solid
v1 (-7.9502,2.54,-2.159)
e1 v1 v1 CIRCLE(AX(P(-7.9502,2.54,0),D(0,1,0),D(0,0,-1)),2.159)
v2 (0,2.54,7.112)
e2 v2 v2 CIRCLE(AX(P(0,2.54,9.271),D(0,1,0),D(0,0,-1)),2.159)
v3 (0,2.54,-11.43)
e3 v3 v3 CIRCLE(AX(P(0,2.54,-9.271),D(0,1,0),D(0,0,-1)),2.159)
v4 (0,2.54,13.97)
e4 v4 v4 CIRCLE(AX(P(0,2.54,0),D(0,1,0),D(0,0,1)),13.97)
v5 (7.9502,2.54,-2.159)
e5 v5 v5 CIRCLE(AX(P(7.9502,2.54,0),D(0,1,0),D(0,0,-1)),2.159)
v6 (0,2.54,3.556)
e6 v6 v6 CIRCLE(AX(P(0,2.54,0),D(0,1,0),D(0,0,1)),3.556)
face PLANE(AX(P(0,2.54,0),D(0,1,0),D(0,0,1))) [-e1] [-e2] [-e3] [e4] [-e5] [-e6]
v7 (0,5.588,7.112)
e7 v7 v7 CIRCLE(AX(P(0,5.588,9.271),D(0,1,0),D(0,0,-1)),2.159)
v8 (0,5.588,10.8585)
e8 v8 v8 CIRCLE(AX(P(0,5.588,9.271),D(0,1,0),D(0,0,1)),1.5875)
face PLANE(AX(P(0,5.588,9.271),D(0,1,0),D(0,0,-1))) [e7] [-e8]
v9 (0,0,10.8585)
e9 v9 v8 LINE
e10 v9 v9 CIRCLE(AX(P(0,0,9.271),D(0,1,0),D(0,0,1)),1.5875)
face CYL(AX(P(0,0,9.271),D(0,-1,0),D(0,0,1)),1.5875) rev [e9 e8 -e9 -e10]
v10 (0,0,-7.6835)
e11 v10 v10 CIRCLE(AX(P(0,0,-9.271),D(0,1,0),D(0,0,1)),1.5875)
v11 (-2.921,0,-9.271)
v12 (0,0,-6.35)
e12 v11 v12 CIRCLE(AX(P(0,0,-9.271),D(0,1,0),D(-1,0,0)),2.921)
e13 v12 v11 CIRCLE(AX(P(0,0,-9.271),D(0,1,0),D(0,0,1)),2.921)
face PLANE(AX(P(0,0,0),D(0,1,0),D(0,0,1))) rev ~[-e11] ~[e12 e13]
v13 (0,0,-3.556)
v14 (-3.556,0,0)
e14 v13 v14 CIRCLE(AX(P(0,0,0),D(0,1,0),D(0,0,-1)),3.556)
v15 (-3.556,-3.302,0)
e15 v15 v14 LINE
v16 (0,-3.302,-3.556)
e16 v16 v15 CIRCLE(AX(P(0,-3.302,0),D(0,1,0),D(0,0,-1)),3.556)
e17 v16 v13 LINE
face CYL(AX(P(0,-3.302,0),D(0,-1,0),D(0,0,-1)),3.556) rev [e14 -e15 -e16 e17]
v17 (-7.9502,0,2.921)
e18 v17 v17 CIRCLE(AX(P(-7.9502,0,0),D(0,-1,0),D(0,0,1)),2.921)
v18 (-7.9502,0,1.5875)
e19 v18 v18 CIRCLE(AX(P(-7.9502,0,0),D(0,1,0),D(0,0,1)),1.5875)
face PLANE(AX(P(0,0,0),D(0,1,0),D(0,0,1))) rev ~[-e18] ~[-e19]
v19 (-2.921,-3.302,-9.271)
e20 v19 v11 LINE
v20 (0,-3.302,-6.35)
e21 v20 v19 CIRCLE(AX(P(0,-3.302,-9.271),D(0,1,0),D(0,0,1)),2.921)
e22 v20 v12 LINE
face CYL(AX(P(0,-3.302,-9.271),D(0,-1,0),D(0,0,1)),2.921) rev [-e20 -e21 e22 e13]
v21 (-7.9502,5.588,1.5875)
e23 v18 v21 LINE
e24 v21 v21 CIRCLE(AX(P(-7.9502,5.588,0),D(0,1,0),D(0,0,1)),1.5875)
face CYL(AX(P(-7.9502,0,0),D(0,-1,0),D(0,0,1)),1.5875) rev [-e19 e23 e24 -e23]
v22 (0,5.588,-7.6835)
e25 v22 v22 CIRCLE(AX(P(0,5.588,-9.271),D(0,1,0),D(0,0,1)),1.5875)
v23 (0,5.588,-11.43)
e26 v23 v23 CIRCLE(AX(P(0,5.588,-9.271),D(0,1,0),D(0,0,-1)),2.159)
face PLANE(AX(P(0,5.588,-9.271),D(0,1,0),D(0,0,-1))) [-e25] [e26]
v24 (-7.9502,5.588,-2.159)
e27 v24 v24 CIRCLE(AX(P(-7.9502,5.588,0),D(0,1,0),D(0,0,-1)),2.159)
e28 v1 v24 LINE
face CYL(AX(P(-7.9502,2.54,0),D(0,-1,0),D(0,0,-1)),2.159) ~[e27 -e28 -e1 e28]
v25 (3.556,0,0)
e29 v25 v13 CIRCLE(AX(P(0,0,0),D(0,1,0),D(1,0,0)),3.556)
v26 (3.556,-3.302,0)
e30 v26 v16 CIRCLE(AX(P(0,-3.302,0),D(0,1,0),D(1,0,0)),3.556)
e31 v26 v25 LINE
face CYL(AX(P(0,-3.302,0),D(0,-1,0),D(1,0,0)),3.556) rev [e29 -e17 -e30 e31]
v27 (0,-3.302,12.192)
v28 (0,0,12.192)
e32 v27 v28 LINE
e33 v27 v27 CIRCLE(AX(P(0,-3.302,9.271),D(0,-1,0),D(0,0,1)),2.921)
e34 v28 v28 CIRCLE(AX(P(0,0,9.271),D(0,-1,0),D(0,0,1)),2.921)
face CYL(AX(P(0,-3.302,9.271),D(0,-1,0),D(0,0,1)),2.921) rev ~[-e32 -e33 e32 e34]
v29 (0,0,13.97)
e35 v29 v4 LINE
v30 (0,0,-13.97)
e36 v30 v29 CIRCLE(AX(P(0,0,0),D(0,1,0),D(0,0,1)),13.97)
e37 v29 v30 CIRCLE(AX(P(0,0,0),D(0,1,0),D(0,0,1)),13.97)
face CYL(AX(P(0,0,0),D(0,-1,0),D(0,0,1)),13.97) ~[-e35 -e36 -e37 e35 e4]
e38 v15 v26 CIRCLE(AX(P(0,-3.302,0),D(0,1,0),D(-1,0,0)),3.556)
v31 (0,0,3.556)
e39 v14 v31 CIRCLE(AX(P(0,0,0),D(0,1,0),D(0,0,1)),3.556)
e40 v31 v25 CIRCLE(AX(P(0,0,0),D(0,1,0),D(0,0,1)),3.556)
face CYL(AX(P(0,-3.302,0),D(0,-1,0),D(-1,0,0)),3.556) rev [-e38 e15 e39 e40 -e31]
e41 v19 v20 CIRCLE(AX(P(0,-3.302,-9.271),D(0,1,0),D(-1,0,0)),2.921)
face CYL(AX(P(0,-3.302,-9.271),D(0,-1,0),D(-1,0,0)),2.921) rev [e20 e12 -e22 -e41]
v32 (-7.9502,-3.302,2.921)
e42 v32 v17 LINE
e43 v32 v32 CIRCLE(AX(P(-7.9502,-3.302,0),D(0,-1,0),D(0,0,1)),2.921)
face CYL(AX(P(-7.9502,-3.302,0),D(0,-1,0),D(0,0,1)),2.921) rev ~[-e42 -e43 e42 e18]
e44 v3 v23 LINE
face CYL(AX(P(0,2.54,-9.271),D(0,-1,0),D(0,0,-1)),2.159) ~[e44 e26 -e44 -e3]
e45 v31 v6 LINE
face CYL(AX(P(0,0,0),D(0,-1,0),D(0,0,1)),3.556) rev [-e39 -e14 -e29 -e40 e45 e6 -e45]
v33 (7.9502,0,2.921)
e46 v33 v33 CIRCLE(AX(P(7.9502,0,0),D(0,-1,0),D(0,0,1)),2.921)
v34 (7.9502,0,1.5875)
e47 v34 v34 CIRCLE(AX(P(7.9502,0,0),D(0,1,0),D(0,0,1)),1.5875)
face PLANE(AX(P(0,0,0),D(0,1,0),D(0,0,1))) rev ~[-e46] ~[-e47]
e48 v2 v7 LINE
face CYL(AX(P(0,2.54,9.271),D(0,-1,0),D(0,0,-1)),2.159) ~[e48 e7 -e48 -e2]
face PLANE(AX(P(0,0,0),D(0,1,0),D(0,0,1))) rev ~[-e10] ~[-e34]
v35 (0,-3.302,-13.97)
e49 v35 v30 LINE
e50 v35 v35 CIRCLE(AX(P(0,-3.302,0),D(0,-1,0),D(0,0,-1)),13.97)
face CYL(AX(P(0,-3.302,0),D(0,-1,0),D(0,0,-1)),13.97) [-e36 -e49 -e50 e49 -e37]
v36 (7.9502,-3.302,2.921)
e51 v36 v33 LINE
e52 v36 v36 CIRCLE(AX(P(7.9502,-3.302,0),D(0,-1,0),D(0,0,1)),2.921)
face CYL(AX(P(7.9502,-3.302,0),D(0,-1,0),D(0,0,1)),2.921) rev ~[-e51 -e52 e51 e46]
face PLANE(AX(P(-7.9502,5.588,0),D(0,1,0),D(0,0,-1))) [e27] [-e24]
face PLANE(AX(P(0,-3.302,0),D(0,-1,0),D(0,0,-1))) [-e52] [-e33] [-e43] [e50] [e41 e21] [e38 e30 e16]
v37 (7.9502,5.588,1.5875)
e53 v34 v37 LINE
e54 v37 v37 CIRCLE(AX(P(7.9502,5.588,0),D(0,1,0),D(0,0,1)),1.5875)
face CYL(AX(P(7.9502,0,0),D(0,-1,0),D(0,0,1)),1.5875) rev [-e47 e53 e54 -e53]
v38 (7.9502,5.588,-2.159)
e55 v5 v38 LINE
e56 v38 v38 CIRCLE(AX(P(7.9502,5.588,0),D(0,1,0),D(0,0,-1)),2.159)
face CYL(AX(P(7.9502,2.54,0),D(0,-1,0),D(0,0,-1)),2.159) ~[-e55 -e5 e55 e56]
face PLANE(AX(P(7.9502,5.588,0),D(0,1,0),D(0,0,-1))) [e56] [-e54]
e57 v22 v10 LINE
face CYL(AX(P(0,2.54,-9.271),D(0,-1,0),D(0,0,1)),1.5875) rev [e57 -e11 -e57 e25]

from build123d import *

# Parameters (mm, degrees)
SKETCH1_R           = 13.97
SKETCH1_R_2         = 3.556
SKETCH1_R_3         = 1.5875
BOSS_EXTRUDE4_DEPTH = 2.54
SKETCH2_R           = 2.159
SKETCH2_R_2         = 1.5875
BOSS_EXTRUDE6_DEPTH = 3.048
BOSS_EXTRUDE7_START = 3.302
SKETCH3_R           = 13.97
SKETCH3_R_2         = 2.921
BOSS_EXTRUDE7_DEPTH = 3.302


with BuildPart() as part:
    # Sketch1 → Boss-Extrude4 (new body)
    with BuildSketch(Plane(origin=(0, 0, 0), x_dir=(1, 0, 0), z_dir=(0, 1, 0))):
        with Locations(Location((0, 0, 0), (0, 0, 270))):
            Circle(SKETCH1_R)
        with Locations(Location((0, 0, 0), (0, 0, 270))):
            Circle(SKETCH1_R_2, mode=Mode.SUBTRACT)
        with Locations(Location((-7.9502, 0, 0), (0, 0, 270))):
            Circle(SKETCH1_R_3, mode=Mode.SUBTRACT)
        with Locations(Location((7.9502, 0, 0), (0, 0, 270))):
            Circle(SKETCH1_R_3, mode=Mode.SUBTRACT)
        with Locations(Location((0, 9.271, 0), (0, 0, 270))):
            Circle(SKETCH1_R_3, mode=Mode.SUBTRACT)
        with Locations(Location((0, -9.271, 0), (0, 0, 270))):
            Circle(SKETCH1_R_3, mode=Mode.SUBTRACT)
    extrude(amount=BOSS_EXTRUDE4_DEPTH)

    # Sketch2 → Boss-Extrude6 (add)
    # profile 1 of 4: a face of its own
    with BuildSketch(Plane(origin=(0, 2.54, 0), x_dir=(1, 0, 0), z_dir=(0, 1, 0))):
        with Locations(Location((0, 9.271, 0), (0, 0, 90))):
            Circle(SKETCH2_R)
        with Locations(Location((0, 9.271, 0), (0, 0, 270))):
            Circle(SKETCH2_R_2, mode=Mode.SUBTRACT)
    # profile 2 of 4: a face of its own
    with BuildSketch(Plane(origin=(0, 2.54, 0), x_dir=(1, 0, 0), z_dir=(0, 1, 0))):
        with Locations(Location((7.9502, 0, 0), (0, 0, 90))):
            Circle(SKETCH2_R)
        with Locations(Location((7.9502, 0, 0), (0, 0, 270))):
            Circle(SKETCH2_R_2, mode=Mode.SUBTRACT)
    # profile 3 of 4: a face of its own
    with BuildSketch(Plane(origin=(0, 2.54, 0), x_dir=(1, 0, 0), z_dir=(0, 1, 0))):
        with Locations(Location((-7.9502, 0, 0), (0, 0, 90))):
            Circle(SKETCH2_R)
        with Locations(Location((-7.9502, 0, 0), (0, 0, 270))):
            Circle(SKETCH2_R_2, mode=Mode.SUBTRACT)
    # profile 4 of 4: a face of its own
    with BuildSketch(Plane(origin=(0, 2.54, 0), x_dir=(1, 0, 0), z_dir=(0, 1, 0))):
        with Locations(Location((0, -9.271, 0), (0, 0, 90))):
            Circle(SKETCH2_R)
        with Locations(Location((0, -9.271, 0), (0, 0, 270))):
            Circle(SKETCH2_R_2, mode=Mode.SUBTRACT)
    extrude(amount=BOSS_EXTRUDE6_DEPTH)

    # Sketch3 → Boss-Extrude7 (add)
    with BuildSketch(Plane(origin=(0, 0, 0), x_dir=(-1, 0, 0), z_dir=(0, -1, 0)).offset(BOSS_EXTRUDE7_START)):
        with Locations(Location((0, 0, 0), (0, 0, 90))):
            Circle(SKETCH3_R)
        with Locations(Location((0, -9.271, 0), (0, 0, 270))):
            Circle(SKETCH3_R_2, mode=Mode.SUBTRACT)
        with Locations(Location((-7.9502, 0, 0), (0, 0, 270))):
            Circle(SKETCH3_R_2, mode=Mode.SUBTRACT)
        with BuildLine():
            ThreePointArc((-3.556, 0), (-2.514471714, 2.514471714), (0, 3.556))
            ThreePointArc((0, 3.556), (2.514471714, 2.514471714), (3.556, 0))
            ThreePointArc((3.556, 0), (0, -3.556), (-3.556, 0))
        make_face(mode=Mode.SUBTRACT)
        with Locations(Location((7.9502, 0, 0), (0, 0, 270))):
            Circle(SKETCH3_R_2, mode=Mode.SUBTRACT)
        with BuildLine():
            ThreePointArc((2.921, 9.271), (2.065458908, 7.205541092), (0, 6.35))
            ThreePointArc((0, 6.35), (-2.065458908, 11.336458908), (2.921, 9.271))
        make_face(mode=Mode.SUBTRACT)
    extrude(amount=-BOSS_EXTRUDE7_DEPTH)


solid = part.part
